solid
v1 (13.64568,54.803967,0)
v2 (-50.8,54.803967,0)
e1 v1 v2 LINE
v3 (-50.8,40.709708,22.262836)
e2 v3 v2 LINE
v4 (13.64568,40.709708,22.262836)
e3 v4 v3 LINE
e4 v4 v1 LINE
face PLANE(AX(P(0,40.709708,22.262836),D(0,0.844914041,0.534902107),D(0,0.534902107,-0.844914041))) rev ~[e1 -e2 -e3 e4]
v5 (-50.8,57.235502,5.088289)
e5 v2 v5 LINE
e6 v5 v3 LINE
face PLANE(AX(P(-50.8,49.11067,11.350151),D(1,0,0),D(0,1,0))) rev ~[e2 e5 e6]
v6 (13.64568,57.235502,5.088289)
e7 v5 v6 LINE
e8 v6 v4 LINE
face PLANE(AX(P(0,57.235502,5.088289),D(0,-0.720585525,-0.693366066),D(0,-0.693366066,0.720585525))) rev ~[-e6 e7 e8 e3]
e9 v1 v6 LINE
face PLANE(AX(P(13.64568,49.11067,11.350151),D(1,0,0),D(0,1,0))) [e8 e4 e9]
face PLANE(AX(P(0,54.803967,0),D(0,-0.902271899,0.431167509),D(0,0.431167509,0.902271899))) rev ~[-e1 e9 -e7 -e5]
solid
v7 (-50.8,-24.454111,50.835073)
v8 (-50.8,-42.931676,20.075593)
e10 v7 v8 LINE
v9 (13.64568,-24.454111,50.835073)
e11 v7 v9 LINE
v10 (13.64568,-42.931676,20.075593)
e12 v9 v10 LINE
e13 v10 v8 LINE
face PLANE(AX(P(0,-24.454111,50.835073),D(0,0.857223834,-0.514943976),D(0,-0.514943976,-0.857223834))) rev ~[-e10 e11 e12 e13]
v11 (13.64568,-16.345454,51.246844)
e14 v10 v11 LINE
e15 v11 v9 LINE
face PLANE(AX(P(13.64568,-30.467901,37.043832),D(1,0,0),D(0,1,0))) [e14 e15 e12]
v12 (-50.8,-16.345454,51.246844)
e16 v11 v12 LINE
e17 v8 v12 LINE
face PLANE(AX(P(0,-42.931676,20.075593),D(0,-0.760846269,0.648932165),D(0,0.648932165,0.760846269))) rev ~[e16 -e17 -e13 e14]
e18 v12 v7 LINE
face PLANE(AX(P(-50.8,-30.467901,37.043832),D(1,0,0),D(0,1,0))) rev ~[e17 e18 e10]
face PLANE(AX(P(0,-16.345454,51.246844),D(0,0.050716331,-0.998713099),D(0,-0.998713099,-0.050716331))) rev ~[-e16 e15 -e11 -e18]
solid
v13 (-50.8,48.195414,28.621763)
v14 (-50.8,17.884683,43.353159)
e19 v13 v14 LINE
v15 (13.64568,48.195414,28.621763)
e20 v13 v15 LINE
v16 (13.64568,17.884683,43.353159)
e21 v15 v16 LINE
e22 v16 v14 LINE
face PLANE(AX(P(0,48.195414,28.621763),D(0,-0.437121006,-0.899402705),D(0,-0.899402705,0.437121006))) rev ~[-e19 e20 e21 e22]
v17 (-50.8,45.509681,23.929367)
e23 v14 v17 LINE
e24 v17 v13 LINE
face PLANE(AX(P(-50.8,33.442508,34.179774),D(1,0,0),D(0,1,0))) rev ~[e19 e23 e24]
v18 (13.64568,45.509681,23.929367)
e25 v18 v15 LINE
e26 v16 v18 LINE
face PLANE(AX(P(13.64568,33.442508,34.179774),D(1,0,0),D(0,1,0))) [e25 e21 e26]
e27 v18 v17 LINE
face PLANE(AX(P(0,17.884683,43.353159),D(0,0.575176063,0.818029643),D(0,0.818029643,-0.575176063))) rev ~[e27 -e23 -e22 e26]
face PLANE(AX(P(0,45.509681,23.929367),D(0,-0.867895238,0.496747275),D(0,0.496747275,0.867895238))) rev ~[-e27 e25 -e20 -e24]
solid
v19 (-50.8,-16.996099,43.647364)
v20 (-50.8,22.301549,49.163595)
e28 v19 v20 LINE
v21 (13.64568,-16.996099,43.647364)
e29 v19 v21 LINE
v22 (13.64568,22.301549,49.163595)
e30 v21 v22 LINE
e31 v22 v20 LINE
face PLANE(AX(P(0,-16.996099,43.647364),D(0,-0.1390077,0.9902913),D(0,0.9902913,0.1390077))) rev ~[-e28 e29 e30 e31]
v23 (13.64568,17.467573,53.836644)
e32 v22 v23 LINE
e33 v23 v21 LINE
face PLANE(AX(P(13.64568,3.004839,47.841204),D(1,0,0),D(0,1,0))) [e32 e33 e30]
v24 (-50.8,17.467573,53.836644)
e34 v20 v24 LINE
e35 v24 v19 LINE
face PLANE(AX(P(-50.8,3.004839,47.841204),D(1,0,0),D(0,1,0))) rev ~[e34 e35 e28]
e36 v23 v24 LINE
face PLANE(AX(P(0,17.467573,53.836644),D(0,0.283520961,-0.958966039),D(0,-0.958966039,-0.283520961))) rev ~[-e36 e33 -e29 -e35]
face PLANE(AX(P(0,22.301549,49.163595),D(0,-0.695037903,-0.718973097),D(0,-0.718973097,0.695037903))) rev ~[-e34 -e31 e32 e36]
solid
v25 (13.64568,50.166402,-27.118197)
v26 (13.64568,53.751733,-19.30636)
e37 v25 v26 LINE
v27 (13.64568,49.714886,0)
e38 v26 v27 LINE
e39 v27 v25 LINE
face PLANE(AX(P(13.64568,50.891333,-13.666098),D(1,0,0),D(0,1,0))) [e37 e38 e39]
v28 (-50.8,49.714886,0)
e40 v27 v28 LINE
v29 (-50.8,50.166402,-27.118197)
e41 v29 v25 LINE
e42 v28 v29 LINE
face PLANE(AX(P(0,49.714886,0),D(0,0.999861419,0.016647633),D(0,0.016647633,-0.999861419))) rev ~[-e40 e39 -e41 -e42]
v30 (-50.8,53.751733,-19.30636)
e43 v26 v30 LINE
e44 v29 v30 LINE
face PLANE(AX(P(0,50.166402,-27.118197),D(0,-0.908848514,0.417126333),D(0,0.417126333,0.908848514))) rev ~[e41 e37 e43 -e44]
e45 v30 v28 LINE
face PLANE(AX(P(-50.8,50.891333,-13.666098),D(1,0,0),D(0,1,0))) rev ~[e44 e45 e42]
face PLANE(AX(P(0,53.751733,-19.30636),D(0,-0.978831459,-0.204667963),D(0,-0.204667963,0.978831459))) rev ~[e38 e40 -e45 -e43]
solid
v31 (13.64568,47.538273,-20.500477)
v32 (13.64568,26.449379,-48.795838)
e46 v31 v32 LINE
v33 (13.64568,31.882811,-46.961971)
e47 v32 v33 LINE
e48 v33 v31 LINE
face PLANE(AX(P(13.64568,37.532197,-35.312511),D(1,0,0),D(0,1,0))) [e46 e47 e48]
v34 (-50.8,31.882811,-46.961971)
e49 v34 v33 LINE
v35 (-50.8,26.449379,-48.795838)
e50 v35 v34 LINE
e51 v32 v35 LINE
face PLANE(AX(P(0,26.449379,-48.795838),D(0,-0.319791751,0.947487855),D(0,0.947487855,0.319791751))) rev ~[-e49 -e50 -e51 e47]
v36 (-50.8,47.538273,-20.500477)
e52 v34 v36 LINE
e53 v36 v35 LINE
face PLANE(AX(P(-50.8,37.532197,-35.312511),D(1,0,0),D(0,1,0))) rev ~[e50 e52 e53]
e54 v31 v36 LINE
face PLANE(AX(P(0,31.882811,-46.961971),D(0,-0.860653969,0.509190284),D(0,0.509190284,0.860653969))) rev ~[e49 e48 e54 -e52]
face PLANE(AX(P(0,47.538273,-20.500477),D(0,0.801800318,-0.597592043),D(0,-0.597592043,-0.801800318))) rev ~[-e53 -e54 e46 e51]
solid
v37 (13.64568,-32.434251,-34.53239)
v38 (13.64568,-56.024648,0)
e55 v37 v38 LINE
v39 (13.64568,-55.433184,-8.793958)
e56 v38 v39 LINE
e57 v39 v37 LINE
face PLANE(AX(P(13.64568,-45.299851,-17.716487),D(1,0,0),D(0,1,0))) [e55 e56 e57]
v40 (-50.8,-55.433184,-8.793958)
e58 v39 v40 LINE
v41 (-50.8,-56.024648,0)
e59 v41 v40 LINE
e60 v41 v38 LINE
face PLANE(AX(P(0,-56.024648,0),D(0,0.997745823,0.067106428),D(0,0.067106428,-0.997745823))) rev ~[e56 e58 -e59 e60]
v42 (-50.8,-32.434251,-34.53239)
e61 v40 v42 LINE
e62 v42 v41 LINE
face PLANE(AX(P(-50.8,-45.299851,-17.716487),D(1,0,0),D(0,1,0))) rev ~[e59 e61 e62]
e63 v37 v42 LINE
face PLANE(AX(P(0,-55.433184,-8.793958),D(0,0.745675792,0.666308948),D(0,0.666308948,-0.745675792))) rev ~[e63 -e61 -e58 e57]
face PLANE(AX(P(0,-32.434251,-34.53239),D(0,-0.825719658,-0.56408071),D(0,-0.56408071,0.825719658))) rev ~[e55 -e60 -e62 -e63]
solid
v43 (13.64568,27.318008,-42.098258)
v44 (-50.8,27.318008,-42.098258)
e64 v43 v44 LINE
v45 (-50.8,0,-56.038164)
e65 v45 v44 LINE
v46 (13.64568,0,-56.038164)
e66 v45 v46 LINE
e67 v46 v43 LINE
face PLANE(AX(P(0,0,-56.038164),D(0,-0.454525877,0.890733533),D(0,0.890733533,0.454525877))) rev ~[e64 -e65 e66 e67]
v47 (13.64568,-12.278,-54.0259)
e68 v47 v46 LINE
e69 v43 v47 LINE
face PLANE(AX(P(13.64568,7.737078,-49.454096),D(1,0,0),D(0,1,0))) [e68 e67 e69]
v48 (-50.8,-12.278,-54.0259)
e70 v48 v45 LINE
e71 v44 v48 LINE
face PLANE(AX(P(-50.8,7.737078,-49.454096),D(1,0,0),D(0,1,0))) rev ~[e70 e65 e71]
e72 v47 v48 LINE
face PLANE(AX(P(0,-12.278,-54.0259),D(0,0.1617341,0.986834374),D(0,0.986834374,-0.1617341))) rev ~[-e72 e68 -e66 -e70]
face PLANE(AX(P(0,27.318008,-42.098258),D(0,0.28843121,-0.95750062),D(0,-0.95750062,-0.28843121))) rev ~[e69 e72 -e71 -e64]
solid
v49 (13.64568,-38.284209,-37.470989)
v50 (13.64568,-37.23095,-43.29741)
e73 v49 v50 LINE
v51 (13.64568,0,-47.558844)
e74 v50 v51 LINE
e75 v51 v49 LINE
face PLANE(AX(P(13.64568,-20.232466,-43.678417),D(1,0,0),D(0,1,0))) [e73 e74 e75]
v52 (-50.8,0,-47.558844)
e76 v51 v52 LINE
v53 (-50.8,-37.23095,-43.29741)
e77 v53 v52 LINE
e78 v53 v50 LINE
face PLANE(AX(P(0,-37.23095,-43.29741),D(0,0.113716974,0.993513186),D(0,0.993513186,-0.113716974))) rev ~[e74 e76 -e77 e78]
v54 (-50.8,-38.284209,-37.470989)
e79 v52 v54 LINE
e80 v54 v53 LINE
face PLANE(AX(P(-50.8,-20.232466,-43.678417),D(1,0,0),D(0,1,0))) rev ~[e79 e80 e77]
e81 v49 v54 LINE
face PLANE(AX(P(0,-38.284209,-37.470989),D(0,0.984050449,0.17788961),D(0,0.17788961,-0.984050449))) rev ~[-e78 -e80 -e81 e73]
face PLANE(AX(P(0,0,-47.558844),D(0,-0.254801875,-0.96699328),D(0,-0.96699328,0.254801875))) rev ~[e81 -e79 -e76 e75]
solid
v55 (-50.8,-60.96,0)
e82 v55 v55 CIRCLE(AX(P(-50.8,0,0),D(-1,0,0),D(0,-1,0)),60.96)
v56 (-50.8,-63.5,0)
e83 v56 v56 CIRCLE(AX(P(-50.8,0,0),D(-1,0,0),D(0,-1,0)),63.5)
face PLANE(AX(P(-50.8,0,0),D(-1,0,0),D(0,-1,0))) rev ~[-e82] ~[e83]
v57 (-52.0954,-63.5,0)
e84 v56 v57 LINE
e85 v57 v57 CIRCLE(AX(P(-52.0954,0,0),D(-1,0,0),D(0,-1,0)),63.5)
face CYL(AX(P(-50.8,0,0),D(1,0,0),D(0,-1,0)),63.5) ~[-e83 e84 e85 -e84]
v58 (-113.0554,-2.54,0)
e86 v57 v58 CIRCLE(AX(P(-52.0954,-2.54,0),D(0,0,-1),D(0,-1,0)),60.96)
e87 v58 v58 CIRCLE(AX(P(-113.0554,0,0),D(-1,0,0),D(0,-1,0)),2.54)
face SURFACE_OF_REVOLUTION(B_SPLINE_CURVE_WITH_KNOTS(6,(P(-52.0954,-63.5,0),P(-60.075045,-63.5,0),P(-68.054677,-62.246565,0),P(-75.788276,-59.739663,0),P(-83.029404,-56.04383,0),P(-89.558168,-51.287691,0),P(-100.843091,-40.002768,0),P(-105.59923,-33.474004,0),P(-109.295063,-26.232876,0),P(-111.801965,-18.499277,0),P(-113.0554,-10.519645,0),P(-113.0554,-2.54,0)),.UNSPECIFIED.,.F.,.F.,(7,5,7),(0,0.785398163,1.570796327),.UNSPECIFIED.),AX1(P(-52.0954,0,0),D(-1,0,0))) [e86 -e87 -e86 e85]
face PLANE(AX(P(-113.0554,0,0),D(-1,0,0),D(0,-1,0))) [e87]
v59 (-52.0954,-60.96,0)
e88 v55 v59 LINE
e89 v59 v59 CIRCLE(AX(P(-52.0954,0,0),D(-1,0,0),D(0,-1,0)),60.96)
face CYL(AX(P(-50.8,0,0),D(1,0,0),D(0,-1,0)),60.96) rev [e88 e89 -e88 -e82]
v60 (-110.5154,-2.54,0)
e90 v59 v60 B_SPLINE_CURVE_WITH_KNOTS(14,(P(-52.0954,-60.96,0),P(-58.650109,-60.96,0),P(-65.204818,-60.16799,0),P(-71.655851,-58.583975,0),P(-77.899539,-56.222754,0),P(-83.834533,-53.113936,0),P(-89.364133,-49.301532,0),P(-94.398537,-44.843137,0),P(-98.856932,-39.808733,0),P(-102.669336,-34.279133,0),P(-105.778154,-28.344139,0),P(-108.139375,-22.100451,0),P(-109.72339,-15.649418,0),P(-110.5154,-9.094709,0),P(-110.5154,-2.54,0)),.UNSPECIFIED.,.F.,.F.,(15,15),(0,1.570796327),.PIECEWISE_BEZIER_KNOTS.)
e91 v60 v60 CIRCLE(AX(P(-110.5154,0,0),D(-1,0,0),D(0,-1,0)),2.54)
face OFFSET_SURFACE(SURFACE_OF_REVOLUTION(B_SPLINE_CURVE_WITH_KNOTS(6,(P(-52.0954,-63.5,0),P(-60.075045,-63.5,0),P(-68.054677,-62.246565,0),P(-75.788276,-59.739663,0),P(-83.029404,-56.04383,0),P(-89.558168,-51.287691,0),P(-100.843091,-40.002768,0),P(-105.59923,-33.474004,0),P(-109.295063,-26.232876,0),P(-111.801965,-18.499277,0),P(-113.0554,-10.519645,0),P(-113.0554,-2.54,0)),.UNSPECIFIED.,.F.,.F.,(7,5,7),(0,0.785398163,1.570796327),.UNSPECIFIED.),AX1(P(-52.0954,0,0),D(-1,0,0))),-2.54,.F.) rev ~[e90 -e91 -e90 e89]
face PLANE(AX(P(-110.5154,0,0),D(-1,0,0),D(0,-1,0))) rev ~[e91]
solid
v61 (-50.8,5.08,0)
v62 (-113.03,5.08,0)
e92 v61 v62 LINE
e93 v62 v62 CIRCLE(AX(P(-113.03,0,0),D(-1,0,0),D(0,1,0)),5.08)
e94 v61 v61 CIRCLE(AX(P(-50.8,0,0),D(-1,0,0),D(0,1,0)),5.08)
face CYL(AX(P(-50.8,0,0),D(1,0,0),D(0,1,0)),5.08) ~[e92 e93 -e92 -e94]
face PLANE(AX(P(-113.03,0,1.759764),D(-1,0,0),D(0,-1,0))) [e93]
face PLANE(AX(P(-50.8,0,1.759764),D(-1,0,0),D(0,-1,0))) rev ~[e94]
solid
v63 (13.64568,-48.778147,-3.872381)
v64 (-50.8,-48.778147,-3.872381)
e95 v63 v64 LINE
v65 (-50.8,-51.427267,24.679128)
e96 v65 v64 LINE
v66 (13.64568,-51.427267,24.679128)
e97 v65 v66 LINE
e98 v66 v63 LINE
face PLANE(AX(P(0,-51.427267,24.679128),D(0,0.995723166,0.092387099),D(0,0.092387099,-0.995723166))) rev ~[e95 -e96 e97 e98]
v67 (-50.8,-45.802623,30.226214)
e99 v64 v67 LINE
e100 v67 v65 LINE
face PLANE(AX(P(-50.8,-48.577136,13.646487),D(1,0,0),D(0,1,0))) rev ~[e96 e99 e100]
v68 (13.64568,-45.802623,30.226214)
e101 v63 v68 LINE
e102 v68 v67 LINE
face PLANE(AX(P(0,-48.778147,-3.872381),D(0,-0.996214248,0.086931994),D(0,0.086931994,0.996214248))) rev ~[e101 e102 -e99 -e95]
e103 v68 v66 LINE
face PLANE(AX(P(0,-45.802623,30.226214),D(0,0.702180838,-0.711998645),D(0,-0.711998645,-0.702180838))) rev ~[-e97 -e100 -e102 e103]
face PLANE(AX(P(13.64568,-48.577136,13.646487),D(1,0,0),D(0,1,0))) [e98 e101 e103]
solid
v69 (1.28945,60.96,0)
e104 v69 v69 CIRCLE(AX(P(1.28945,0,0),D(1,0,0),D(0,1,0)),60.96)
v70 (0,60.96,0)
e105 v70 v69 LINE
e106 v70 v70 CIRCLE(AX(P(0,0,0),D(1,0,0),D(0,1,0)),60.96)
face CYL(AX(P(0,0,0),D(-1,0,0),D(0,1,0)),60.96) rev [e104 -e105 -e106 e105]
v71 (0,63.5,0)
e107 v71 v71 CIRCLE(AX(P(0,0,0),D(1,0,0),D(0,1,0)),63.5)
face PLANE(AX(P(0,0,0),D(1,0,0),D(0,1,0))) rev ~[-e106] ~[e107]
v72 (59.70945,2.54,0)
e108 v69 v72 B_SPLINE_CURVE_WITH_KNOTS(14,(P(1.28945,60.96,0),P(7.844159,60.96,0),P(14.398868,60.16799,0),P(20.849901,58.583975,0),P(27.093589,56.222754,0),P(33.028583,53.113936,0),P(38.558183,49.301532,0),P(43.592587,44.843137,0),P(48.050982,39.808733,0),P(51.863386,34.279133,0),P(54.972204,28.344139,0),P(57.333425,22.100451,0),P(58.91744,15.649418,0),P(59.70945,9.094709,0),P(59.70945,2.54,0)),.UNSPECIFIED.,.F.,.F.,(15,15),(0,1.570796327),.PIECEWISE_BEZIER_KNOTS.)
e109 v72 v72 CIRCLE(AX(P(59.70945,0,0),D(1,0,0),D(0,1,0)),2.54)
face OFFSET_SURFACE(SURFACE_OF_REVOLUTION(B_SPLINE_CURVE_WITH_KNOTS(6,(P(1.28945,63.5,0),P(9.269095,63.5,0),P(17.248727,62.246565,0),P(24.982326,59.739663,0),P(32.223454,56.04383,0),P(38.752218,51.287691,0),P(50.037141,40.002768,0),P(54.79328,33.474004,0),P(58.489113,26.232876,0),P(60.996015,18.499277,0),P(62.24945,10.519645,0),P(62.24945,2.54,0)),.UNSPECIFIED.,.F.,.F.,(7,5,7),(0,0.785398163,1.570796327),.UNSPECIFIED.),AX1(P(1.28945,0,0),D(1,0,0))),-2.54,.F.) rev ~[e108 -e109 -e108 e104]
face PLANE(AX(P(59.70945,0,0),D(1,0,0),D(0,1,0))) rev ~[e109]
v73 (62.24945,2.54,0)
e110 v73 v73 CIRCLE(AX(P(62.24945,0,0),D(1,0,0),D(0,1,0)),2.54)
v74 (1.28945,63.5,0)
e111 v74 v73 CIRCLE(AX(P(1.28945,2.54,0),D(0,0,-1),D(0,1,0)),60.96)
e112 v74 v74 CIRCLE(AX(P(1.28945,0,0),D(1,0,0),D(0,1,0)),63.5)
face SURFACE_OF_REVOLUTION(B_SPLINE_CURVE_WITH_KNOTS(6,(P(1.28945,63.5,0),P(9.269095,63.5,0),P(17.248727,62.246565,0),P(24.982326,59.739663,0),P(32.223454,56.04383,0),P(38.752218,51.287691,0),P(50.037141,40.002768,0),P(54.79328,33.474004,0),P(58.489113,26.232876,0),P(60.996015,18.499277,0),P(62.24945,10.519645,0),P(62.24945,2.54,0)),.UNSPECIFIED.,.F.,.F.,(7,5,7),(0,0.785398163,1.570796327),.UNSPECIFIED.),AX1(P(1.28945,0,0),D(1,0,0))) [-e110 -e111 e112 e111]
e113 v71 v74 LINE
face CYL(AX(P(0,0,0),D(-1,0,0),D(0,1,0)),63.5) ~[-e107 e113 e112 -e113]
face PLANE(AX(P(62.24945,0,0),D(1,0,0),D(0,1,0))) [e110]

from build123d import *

# Parameters (mm, degrees)
F0_R          = 63.5
F1_DEPTH      = 62.24945
F2_R          = 60.96
F3_T          = -2.54
F5_DEPTH      = 50.8
F5_DEPTH_BACK = 13.64568
F6_R          = 63.5
F7_DEPTH      = 62.2554
F8_R          = 60.96
F9_T          = -2.54
F11_DEPTH     = 62.23


with BuildPart() as f1:
    # F0 (on Right) → F1 (new body)
    with BuildSketch(Plane.YZ):
        Circle(F0_R)
    extrude(amount=F1_DEPTH)

    # F2
    f2_edges = [f1.edges().sort_by_distance(p)[0] for p in [
        (62.24945, -63.5, 0),
    ]]
    fillet(f2_edges, radius=F2_R)

    # F3
    f3_openings = [f1.faces().sort_by_distance(p)[0] for p in [
        (0, 0, 0),
    ]]
    offset(amount=F3_T, openings=f3_openings)


with BuildPart() as f5:
    # F4 (on Right) → F5 (new body, two sides)
    with BuildSketch(Plane.YZ) as f5_sk:
        Polygon((-12.2779998928, -54.0258996189), (0, -56.0381636024), (27.318008244, -42.0982576907), align=None)
    extrude(amount=-F5_DEPTH)
    extrude(f5_sk.sketch, amount=F5_DEPTH_BACK)


with BuildPart() as f5b:
    # F4 (on Right) → F5, piece 2 (new body, two sides)
    with BuildSketch(Plane.YZ) as f5_2_sk:
        Polygon((26.4493785799, -48.795837909), (31.8828113377, -46.9619706273), (47.5382730365, -20.5004774034), align=None)
    extrude(amount=-F5_DEPTH)
    extrude(f5_2_sk.sketch, amount=F5_DEPTH_BACK)


with BuildPart() as f5c:
    # F4 (on Right) → F5, piece 3 (new body, two sides)
    with BuildSketch(Plane.YZ) as f5_3_sk:
        Polygon((54.8039674759, 0), (57.2355017066, 5.0882892683), (40.709707886, 22.2628358752), align=None)
    extrude(amount=-F5_DEPTH)
    extrude(f5_3_sk.sketch, amount=F5_DEPTH_BACK)


with BuildPart() as f5d:
    # F4 (on Right) → F5, piece 4 (new body, two sides)
    with BuildSketch(Plane.YZ) as f5_4_sk:
        Polygon((45.5096811056, 23.9293668419), (48.1954142451, 28.621762991), (17.884682864, 43.3531589806), align=None)
    extrude(amount=-F5_DEPTH)
    extrude(f5_4_sk.sketch, amount=F5_DEPTH_BACK)


with BuildPart() as f5e:
    # F4 (on Right) → F5, piece 5 (new body, two sides)
    with BuildSketch(Plane.YZ) as f5_5_sk:
        Polygon((17.4675732851, 53.8366436958), (-16.9960986823, 43.6473637819), (22.3015490919, 49.163594842), align=None)
    extrude(amount=-F5_DEPTH)
    extrude(f5_5_sk.sketch, amount=F5_DEPTH_BACK)


with BuildPart() as f5f:
    # F4 (on Right) → F5, piece 6 (new body, two sides)
    with BuildSketch(Plane.YZ) as f5_6_sk:
        Polygon((49.7148856521, 0), (50.1664020121, -27.1181967109), (53.7517331541, -19.3063598126), align=None)
    extrude(amount=-F5_DEPTH)
    extrude(f5_6_sk.sketch, amount=F5_DEPTH_BACK)


with BuildPart() as f5g:
    # F4 (on Right) → F5, piece 7 (new body, two sides)
    with BuildSketch(Plane.YZ) as f5_7_sk:
        Polygon((-16.3454543799, 51.2468442321), (-24.4541112334, 50.8350729942), (-42.9316759109, 20.0755931437), align=None)
    extrude(amount=-F5_DEPTH)
    extrude(f5_7_sk.sketch, amount=F5_DEPTH_BACK)


with BuildPart() as f5h:
    # F4 (on Right) → F5, piece 8 (new body, two sides)
    with BuildSketch(Plane.YZ) as f5_8_sk:
        Polygon((-45.8026230335, 30.2262138575), (-51.4272674918, 24.6791280806), (-48.7781465054, -3.8723812904), align=None)
    extrude(amount=-F5_DEPTH)
    extrude(f5_8_sk.sketch, amount=F5_DEPTH_BACK)


with BuildPart() as f5i:
    # F4 (on Right) → F5, piece 9 (new body, two sides)
    with BuildSketch(Plane.YZ) as f5_9_sk:
        Polygon((-32.4342508783, -34.5323896163), (-56.0246482491, 0), (-55.4331839085, -8.7939575315), align=None)
    extrude(amount=-F5_DEPTH)
    extrude(f5_9_sk.sketch, amount=F5_DEPTH_BACK)


with BuildPart() as f5j:
    # F4 (on Right) → F5, piece 10 (new body, two sides)
    with BuildSketch(Plane.YZ) as f5_10_sk:
        Polygon((-38.2842086256, -37.4709889293), (-37.2309498489, -43.2974100113), (0, -47.5588440895), align=None)
    extrude(amount=-F5_DEPTH)
    extrude(f5_10_sk.sketch, amount=F5_DEPTH_BACK)


with BuildPart() as f7:
    # F6 (on face) → F7 (new body)
    with BuildSketch(Plane(origin=(-50.8, 0, 0), x_dir=(0, -1, 0), z_dir=(-1, 0, 0))):
        Circle(F6_R)
    extrude(amount=F7_DEPTH)

    # F8
    f8_edges = [f7.edges().sort_by_distance(p)[0] for p in [
        (-113.0554, 63.5, 0),
    ]]
    fillet(f8_edges, radius=F8_R)

    # F9
    f9_openings = [f7.faces().sort_by_distance(p)[0] for p in [
        (-50.8, 0, 0),
    ]]
    offset(amount=F9_T, openings=f9_openings)


with BuildPart() as f11:
    # F10 (on face) → F11 (new body)
    with BuildSketch(Plane(origin=(-50.8, 0, 0), x_dir=(0, -1, 0), z_dir=(-1, 0, 0))):
        with BuildLine():
            Line((-5.08, 0), (0, 0))
            Line((0, 0), (5.08, 0))
            ThreePointArc((5.08, 0), (0, 5.08), (-5.08, 0))
        make_face()
        with BuildLine():
            Line((5.08, 0), (0, 0))
            Line((0, 0), (-5.08, 0))
            ThreePointArc((-5.08, 0), (0, -5.08), (5.08, 0))
        make_face()
    extrude(amount=F11_DEPTH)


solid = Compound([f1.part, f5.part, f5b.part, f5c.part, f5d.part, f5e.part, f5f.part, f5g.part, f5h.part, f5i.part, f5j.part, f7.part, f11.part])
